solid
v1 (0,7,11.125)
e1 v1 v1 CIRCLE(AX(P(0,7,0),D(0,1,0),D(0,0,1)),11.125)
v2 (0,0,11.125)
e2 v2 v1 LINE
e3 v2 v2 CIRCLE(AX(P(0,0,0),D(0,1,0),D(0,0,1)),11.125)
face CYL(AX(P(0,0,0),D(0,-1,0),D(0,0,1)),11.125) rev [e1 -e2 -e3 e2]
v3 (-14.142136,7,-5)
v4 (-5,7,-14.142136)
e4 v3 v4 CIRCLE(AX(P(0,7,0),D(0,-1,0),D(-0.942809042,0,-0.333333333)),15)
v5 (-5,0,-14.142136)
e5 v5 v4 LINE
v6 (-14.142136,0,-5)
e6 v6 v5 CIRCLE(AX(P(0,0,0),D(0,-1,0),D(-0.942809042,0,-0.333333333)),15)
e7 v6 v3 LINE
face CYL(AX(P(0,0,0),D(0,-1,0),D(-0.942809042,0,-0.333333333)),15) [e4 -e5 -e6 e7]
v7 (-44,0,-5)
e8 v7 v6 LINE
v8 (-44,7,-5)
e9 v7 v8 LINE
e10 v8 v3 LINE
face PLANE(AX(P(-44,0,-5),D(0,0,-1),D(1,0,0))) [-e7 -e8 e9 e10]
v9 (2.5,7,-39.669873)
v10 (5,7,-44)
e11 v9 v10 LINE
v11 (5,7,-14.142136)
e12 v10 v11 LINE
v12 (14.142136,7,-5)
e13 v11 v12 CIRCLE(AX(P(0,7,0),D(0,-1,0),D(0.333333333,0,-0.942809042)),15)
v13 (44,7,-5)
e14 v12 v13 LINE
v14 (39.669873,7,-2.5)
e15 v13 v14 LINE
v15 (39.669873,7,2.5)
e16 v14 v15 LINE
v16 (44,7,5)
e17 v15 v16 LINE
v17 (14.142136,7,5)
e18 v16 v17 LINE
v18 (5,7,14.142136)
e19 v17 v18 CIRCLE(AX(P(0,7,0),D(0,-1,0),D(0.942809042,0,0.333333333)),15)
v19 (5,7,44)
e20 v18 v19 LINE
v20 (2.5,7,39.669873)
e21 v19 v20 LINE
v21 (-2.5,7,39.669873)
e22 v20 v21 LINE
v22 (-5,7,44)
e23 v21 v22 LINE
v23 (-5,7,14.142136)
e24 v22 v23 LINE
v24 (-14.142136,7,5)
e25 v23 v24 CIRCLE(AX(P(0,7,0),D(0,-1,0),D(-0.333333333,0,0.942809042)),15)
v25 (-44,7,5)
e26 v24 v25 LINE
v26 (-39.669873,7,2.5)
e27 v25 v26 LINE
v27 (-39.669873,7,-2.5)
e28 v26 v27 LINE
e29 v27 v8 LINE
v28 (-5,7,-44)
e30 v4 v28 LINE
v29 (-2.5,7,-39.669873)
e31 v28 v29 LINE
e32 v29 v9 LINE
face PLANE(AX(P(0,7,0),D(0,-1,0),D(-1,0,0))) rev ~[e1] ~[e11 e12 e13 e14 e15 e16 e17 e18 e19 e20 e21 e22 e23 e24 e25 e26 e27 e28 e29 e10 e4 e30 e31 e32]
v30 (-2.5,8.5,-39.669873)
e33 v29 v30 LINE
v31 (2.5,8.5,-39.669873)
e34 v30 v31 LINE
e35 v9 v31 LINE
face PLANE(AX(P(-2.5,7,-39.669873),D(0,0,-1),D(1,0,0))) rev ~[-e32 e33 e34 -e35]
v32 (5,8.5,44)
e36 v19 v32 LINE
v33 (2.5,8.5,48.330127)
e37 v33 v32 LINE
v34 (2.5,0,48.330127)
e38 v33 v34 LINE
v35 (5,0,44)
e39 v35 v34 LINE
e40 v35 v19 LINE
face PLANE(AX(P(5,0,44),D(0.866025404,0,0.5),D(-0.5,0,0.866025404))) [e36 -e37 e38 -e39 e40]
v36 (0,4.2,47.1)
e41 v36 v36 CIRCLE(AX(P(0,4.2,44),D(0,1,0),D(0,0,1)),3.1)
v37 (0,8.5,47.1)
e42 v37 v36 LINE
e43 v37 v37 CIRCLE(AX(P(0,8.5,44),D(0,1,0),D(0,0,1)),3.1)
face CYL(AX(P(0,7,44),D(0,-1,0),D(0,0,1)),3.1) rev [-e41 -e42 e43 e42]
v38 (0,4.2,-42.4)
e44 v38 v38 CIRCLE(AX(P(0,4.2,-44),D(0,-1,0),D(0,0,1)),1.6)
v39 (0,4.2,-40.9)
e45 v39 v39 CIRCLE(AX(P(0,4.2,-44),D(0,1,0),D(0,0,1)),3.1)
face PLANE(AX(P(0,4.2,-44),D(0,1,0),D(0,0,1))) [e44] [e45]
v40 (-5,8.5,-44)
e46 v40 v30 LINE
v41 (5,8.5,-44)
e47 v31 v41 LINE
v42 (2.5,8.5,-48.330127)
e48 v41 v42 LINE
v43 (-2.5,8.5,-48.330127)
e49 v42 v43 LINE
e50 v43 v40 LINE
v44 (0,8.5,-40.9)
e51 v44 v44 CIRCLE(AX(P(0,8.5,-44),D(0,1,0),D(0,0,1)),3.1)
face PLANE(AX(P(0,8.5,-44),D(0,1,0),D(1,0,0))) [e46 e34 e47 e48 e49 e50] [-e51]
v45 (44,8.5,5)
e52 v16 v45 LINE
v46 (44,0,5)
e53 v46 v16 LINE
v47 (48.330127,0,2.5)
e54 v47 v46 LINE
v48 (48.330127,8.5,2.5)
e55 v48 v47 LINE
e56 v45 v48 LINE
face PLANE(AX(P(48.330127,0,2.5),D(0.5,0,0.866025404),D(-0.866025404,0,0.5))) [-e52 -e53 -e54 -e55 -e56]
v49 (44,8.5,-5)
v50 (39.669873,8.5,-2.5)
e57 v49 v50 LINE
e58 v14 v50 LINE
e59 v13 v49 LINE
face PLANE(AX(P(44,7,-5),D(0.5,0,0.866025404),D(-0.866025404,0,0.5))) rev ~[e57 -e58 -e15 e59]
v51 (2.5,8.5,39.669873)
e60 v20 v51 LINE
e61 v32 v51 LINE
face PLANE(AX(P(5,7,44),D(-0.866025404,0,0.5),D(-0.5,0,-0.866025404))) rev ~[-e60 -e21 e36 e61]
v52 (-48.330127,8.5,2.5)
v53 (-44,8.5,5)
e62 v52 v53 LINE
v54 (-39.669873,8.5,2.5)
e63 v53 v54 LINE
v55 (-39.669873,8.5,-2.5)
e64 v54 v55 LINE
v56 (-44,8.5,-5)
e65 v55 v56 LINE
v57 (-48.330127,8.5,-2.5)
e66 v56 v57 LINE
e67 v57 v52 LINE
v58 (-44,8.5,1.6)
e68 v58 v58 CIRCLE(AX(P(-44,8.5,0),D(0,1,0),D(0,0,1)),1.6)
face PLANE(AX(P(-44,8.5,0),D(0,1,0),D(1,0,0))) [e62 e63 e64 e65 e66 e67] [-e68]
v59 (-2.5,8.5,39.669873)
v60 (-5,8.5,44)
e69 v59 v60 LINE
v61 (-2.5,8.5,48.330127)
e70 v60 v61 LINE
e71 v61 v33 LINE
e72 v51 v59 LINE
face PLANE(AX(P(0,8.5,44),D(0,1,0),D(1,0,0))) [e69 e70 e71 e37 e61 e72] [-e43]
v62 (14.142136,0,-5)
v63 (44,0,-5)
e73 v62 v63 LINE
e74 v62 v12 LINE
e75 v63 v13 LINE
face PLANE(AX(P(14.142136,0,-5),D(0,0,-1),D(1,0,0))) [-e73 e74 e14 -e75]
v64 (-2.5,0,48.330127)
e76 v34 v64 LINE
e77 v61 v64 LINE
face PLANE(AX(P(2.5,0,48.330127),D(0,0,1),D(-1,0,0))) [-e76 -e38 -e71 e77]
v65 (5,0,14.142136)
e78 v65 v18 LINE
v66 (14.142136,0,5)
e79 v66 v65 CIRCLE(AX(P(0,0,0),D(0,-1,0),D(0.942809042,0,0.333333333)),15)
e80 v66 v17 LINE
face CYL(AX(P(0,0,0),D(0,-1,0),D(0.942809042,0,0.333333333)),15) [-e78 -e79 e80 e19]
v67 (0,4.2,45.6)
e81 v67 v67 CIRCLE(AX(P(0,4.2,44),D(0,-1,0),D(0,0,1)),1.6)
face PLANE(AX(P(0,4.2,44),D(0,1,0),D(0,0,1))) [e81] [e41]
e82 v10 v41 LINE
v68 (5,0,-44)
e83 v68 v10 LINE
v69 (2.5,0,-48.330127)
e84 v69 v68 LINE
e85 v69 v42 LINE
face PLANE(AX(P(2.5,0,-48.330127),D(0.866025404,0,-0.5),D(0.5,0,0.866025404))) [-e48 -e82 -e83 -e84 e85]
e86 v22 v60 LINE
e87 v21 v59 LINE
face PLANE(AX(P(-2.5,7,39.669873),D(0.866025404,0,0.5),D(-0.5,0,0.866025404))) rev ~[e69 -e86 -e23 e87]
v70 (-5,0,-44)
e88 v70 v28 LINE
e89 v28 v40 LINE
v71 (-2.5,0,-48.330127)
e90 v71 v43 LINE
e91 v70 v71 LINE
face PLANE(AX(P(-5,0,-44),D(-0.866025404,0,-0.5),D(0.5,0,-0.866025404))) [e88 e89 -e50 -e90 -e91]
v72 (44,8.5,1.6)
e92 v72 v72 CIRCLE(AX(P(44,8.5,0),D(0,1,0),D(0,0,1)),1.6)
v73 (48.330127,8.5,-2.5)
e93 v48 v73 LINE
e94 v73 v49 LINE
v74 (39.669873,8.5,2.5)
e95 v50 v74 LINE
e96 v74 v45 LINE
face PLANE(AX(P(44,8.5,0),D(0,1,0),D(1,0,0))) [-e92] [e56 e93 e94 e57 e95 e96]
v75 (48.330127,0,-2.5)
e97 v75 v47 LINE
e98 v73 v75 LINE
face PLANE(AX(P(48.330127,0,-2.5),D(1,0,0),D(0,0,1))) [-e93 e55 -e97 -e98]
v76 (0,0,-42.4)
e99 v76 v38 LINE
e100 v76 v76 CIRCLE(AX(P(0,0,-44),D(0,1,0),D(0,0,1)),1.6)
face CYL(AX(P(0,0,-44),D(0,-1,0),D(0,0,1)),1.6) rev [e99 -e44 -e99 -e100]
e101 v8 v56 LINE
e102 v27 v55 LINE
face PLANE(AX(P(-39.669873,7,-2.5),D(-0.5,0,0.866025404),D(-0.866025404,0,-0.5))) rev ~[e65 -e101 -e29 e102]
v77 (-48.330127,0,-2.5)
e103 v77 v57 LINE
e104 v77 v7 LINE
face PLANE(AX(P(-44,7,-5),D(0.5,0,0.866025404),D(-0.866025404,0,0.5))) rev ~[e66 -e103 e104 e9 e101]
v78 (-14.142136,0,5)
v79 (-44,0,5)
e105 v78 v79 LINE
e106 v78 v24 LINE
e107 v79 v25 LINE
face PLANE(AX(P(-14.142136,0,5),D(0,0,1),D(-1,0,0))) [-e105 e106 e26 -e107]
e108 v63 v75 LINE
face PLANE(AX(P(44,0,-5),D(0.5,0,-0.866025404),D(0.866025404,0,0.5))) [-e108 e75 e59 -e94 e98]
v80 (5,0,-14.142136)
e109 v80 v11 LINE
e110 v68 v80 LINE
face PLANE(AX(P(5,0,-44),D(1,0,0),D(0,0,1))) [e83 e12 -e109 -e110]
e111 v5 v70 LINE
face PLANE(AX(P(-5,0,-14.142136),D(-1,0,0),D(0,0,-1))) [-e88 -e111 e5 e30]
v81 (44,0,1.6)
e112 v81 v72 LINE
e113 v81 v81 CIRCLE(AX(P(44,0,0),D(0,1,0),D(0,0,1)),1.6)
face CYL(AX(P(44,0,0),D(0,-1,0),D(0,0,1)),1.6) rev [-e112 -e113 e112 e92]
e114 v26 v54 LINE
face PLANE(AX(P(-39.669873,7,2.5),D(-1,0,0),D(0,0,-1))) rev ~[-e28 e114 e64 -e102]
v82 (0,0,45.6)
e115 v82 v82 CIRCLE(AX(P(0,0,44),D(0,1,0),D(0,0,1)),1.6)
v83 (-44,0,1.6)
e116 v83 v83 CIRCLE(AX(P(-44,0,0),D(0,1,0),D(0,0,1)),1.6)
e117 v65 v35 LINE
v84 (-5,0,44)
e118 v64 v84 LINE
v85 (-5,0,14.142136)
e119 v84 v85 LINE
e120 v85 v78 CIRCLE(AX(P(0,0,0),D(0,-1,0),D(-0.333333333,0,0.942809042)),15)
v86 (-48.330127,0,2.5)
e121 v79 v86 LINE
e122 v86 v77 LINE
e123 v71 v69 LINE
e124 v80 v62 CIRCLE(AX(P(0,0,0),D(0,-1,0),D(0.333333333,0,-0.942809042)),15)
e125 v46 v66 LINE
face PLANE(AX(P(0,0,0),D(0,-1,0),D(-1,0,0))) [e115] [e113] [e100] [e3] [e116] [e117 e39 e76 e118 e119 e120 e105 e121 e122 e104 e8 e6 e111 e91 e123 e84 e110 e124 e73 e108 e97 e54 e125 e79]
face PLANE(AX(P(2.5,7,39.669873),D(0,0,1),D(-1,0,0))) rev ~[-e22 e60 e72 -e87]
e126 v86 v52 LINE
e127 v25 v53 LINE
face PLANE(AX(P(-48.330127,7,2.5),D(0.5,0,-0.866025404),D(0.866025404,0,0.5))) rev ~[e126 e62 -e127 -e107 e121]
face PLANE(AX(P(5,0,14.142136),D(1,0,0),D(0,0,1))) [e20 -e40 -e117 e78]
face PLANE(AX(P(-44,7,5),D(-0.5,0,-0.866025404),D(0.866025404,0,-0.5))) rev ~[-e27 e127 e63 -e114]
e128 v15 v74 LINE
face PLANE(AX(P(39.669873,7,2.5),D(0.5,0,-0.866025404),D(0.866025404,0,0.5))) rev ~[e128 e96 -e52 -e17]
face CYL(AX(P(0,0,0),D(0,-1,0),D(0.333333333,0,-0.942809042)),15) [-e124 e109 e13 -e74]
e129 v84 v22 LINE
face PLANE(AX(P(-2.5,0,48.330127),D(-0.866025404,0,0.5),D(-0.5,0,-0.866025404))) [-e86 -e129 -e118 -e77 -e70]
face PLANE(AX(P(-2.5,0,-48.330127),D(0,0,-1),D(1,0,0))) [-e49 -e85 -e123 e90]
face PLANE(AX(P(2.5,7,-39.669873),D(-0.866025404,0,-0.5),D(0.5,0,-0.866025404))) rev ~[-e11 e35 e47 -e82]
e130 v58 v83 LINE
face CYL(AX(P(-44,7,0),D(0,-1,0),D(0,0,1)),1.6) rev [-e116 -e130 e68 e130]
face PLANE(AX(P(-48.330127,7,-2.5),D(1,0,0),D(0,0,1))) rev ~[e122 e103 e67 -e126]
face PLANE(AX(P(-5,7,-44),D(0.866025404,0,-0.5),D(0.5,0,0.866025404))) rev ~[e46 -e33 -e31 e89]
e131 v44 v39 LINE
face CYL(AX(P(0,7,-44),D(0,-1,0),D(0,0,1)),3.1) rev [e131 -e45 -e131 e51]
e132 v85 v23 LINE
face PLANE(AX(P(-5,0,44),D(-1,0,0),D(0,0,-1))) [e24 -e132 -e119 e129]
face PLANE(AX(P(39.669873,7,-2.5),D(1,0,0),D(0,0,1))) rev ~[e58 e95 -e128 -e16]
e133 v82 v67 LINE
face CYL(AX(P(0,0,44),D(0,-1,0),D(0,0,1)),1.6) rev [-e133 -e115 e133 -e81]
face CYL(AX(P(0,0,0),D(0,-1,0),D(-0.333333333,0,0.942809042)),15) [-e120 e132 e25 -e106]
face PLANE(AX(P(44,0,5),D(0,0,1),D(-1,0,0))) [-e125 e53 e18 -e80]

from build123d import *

# Parameters (mm, degrees)
SKETCH1_R           = 11.125
SKETCH1_R_2         = 1.6
BOSS_EXTRUDE1_DEPTH = 7
SKETCH3_R           = 3.1
CUT_EXTRUDE1_DEPTH  = 2.8
SKETCH2_R           = 1.6
SKETCH2_R_2         = 3.1
BOSS_EXTRUDE2_DEPTH = 1.5


with BuildPart() as part:
    # Sketch1 → Boss-Extrude1 (new body)
    with BuildSketch(Plane(origin=(0, 0, 0), x_dir=(1, 0, 0), z_dir=(0, 1, 0))):
        with BuildLine():
            Line((44, 5), (48.330127019, 2.5))
            Line((48.330127019, 2.5), (48.330127019, -2.5))
            Line((48.330127019, -2.5), (44, -5))
            Line((44, -5), (14.142135624, -5))
            ThreePointArc((14.142135624, -5), (10.606601718, -10.606601718), (5, -14.142135624))
            Line((5, -14.142135624), (5, -44))
            Line((5, -44), (2.5, -48.330127019))
            Line((2.5, -48.330127019), (-2.5, -48.330127019))
            Line((-2.5, -48.330127019), (-5, -44))
            Line((-5, -44), (-5, -14.142135624))
            ThreePointArc((-5, -14.142135624), (-10.606601718, -10.606601718), (-14.142135624, -5))
            Line((-14.142135624, -5), (-44, -5))
            Line((-44, -5), (-48.330127019, -2.5))
            Line((-48.330127019, -2.5), (-48.330127019, 2.5))
            Line((-48.330127019, 2.5), (-44, 5))
            Line((-44, 5), (-14.142135624, 5))
            ThreePointArc((-14.142135624, 5), (-10.606601718, 10.606601718), (-5, 14.142135624))
            Line((-5, 14.142135624), (-5, 44))
            Line((-5, 44), (-2.5, 48.330127019))
            Line((-2.5, 48.330127019), (2.5, 48.330127019))
            Line((2.5, 48.330127019), (5, 44))
            Line((5, 44), (5, 14.142135624))
            ThreePointArc((5, 14.142135624), (10.606601718, 10.606601718), (14.142135624, 5))
            Line((14.142135624, 5), (44, 5))
        make_face()
        with Locations(Location((0, 0, 0), (0, 0, 270))):
            Circle(SKETCH1_R, mode=Mode.SUBTRACT)
        with Locations(Location((44, 0, 0), (0, 0, 270))):
            Circle(SKETCH1_R_2, mode=Mode.SUBTRACT)
        with Locations(Location((0, 44, 0), (0, 0, 270))):
            Circle(SKETCH1_R_2, mode=Mode.SUBTRACT)
        with Locations(Location((-44, 0, 0), (0, 0, 270))):
            Circle(SKETCH1_R_2, mode=Mode.SUBTRACT)
        with Locations(Location((0, -44, 0), (0, 0, 270))):
            Circle(SKETCH1_R_2, mode=Mode.SUBTRACT)
    extrude(amount=BOSS_EXTRUDE1_DEPTH)

    # Sketch3 → Cut-Extrude1 (cut)
    with BuildSketch(Plane(origin=(0, 7, 0), x_dir=(1, 0, 0), z_dir=(0, 1, 0))):
        with Locations(Location((0, 44, 0), (0, 0, 270))):
            Circle(SKETCH3_R)
        with Locations(Location((0, -44, 0), (0, 0, 270))):
            Circle(SKETCH3_R)
    extrude(amount=-CUT_EXTRUDE1_DEPTH, mode=Mode.SUBTRACT)

    # Sketch2 → Boss-Extrude2 (add)
    # profile 1 of 4: a face of its own
    with BuildSketch(Plane(origin=(0, 7, 0), x_dir=(1, 0, 0), z_dir=(0, 1, 0))):
        Polygon((-44, 5), (-48.330127019, 2.5), (-48.330127019, -2.5), (-44, -5), (-39.669872981, -2.5), (-39.669872981, 2.5), align=None)
        with Locations(Location((-44, 0, 0), (0, 0, 270))):
            Circle(SKETCH2_R, mode=Mode.SUBTRACT)
    # profile 2 of 4: a face of its own
    with BuildSketch(Plane(origin=(0, 7, 0), x_dir=(1, 0, 0), z_dir=(0, 1, 0))):
        Polygon((48.330127019, 2.5), (44, 5), (39.669872981, 2.5), (39.669872981, -2.5), (44, -5), (48.330127019, -2.5), align=None)
        with Locations(Location((44, 0, 0), (0, 0, 270))):
            Circle(SKETCH2_R, mode=Mode.SUBTRACT)
    # profile 3 of 4: a face of its own
    with BuildSketch(Plane(origin=(0, 7, 0), x_dir=(1, 0, 0), z_dir=(0, 1, 0))):
        Polygon((2.5, 48.330127019), (-2.5, 48.330127019), (-5, 44), (-2.5, 39.669872981), (2.5, 39.669872981), (5, 44), align=None)
        with Locations(Location((0, 44, 0), (0, 0, 270))):
            Circle(SKETCH2_R_2, mode=Mode.SUBTRACT)
    # profile 4 of 4: a face of its own
    with BuildSketch(Plane(origin=(0, 7, 0), x_dir=(1, 0, 0), z_dir=(0, 1, 0))):
        Polygon((-2.5, -48.330127019), (2.5, -48.330127019), (5, -44), (2.5, -39.669872981), (-2.5, -39.669872981), (-5, -44), align=None)
        with Locations(Location((0, -44, 0), (0, 0, 270))):
            Circle(SKETCH2_R_2, mode=Mode.SUBTRACT)
    extrude(amount=BOSS_EXTRUDE2_DEPTH)


solid = part.part
